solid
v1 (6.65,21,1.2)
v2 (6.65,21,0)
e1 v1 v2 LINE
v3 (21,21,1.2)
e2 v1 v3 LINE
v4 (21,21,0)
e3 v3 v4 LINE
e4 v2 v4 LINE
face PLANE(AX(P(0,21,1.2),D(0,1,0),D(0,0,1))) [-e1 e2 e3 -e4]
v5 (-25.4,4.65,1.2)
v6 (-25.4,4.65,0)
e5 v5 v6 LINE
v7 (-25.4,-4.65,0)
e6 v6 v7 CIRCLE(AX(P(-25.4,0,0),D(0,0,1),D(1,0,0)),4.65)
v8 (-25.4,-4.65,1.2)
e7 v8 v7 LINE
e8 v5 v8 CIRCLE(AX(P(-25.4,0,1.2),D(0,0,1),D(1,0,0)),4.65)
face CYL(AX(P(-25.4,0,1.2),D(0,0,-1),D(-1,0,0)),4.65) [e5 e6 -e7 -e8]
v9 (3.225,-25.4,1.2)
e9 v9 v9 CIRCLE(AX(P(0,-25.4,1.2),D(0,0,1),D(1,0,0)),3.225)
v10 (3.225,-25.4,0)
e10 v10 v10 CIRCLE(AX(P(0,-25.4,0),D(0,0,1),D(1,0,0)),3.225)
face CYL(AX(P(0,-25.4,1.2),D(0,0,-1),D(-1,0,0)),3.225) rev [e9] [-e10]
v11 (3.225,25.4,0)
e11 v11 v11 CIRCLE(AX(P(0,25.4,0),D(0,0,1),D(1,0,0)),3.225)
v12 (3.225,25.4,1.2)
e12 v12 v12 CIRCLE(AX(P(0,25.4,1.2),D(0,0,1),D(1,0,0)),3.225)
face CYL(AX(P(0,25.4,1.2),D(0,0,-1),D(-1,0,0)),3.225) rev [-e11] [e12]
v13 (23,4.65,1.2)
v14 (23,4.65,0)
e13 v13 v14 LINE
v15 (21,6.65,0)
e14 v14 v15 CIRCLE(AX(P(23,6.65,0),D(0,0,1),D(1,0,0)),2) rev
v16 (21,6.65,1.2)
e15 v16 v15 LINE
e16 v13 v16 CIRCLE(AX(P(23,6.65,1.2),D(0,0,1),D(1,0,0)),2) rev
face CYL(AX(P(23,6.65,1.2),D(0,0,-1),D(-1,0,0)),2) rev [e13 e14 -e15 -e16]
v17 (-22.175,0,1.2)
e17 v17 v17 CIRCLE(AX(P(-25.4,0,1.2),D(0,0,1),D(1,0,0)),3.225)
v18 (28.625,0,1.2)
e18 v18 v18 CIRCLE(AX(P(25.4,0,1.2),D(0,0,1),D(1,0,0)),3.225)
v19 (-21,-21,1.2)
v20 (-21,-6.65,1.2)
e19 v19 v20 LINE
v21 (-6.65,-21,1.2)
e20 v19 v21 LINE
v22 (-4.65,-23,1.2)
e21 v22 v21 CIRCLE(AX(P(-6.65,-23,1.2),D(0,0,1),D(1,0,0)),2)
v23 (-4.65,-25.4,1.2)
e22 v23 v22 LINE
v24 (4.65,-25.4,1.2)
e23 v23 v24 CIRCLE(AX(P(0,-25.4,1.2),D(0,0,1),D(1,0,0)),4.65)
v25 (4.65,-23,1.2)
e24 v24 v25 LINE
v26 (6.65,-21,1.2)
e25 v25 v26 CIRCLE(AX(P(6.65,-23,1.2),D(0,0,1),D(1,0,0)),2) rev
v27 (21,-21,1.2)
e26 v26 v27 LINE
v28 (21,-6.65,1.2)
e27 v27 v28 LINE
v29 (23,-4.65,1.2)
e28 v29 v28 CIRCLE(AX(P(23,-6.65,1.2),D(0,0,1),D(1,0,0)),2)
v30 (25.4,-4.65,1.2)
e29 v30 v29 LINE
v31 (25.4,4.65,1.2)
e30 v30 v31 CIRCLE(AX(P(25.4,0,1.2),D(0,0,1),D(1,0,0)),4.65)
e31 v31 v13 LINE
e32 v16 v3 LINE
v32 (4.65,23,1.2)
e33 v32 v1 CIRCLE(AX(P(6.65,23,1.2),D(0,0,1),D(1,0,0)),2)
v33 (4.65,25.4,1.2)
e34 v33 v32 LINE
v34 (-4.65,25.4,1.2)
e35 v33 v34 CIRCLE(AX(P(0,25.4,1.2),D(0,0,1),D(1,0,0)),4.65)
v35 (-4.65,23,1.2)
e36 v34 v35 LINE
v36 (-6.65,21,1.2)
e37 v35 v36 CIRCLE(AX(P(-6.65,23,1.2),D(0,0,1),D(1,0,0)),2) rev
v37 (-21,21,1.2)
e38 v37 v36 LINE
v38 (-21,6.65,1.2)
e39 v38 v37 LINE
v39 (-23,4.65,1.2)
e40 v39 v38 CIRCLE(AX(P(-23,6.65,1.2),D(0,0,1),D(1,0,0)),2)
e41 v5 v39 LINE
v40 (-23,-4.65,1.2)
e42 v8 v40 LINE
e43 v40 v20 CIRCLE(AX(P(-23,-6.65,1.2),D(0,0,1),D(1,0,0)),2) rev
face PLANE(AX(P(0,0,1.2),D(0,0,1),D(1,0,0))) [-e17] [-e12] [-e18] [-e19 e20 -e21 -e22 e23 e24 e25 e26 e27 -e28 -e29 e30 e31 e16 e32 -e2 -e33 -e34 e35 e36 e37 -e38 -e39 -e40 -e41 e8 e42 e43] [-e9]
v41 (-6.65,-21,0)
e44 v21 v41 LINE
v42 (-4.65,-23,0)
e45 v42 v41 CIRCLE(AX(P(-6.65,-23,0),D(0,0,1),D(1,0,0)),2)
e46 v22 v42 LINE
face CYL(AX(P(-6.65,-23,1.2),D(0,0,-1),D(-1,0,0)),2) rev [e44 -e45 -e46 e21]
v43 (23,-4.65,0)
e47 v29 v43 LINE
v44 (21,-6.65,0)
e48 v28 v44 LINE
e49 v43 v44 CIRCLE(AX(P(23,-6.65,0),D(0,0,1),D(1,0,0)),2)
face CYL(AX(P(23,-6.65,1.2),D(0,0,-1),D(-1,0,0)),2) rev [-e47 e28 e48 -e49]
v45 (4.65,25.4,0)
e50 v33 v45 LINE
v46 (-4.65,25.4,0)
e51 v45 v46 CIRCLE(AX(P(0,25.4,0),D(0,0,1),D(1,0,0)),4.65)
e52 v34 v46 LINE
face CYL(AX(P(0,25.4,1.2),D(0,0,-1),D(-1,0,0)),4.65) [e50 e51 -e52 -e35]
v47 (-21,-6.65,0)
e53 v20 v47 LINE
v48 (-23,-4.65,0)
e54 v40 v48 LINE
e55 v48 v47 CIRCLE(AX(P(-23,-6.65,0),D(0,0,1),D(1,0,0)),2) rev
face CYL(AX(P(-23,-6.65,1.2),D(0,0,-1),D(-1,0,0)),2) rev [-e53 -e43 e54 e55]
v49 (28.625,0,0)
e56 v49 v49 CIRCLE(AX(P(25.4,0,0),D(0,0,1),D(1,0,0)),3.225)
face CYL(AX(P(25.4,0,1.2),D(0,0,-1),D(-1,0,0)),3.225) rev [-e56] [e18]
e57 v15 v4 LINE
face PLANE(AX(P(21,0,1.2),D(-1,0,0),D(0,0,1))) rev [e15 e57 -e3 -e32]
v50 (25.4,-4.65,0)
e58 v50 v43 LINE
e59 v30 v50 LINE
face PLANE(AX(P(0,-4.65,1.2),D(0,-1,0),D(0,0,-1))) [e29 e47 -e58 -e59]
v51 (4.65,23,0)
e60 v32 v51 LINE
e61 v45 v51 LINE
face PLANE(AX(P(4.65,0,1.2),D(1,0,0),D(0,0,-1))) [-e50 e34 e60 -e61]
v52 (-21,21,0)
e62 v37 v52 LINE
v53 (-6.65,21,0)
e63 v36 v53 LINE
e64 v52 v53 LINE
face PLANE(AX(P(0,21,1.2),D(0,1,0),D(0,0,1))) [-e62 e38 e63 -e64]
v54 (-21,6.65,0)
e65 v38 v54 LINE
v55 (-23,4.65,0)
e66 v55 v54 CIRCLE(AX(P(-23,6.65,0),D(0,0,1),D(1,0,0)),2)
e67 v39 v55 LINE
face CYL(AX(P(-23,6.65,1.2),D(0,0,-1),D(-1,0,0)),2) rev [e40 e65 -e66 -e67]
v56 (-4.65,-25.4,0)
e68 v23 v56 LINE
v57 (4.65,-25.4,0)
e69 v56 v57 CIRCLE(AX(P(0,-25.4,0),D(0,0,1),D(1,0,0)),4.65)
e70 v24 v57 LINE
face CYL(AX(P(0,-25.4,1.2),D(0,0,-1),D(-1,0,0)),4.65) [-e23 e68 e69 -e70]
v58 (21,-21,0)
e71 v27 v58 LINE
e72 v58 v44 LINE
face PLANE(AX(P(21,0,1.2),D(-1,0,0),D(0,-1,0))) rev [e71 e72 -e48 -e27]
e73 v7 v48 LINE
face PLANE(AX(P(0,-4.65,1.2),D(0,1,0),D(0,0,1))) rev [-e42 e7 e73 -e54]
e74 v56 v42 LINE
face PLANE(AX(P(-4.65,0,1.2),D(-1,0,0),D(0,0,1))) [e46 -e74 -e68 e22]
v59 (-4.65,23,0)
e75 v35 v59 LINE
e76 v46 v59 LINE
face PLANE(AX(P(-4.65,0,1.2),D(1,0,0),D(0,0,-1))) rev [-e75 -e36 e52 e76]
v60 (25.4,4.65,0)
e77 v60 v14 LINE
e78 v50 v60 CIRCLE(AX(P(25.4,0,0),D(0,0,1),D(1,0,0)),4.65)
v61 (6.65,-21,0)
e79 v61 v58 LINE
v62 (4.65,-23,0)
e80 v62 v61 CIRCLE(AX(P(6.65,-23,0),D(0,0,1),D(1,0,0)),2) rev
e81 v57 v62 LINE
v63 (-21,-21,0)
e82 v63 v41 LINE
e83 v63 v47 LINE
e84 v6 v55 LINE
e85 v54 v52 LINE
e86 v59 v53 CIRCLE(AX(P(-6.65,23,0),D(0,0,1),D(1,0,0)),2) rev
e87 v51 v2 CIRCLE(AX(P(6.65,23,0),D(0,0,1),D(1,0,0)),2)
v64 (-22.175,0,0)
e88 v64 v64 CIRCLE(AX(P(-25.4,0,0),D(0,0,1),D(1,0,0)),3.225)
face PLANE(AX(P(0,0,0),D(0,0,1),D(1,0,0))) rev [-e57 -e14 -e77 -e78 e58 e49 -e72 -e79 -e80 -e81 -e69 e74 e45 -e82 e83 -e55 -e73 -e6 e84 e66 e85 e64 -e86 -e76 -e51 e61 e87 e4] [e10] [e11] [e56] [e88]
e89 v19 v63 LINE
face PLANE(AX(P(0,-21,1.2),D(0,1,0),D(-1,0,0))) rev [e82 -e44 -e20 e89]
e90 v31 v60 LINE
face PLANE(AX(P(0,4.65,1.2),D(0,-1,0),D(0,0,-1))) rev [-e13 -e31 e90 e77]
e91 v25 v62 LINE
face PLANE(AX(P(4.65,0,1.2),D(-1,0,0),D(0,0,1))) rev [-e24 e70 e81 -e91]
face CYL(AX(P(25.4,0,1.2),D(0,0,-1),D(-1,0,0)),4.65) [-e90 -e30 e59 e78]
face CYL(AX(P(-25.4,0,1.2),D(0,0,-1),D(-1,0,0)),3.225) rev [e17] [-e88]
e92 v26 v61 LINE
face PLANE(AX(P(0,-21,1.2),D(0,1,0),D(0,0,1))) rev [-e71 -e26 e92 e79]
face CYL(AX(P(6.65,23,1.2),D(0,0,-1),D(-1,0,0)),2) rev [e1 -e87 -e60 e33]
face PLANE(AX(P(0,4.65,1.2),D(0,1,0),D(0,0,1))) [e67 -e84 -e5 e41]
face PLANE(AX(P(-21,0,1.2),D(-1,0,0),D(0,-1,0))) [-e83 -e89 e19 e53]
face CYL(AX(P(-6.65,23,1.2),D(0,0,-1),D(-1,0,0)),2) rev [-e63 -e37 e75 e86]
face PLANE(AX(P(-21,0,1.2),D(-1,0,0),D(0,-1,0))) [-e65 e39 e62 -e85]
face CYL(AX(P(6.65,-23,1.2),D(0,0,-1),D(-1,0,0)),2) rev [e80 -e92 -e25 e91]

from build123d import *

# Parameters (mm, degrees)
SKETCH1_R           = 3.225
BOSS_EXTRUDE1_DEPTH = 1.2


with BuildPart() as part:
    # Sketch1 → Boss-Extrude1 (new body)
    with BuildSketch(Plane.XY):
        with BuildLine():
            ThreePointArc((4.65, 25.4), (0, 30.05), (-4.65, 25.4))
            Line((-4.65, 25.4), (-4.65, 23))
            ThreePointArc((-4.65, 23), (-5.235786438, 21.585786438), (-6.65, 21))
            Line((-6.65, 21), (-8.759132098, 21))
            Line((-8.759132098, 21), (-21, 21))
            Line((-21, 21), (-21, 7.133487824))
            Line((-21, 7.133487824), (-21, 6.65))
            ThreePointArc((-21, 6.65), (-21.585786438, 5.235786438), (-23, 4.65))
            Line((-23, 4.65), (-25.4, 4.65))
            ThreePointArc((-25.4, 4.65), (-30.05, 0), (-25.4, -4.65))
            Line((-25.4, -4.65), (-23, -4.65))
            ThreePointArc((-23, -4.65), (-21.585786438, -5.235786438), (-21, -6.65))
            Line((-21, -6.65), (-21, -8.759132098))
            Line((-21, -8.759132098), (-21, -21))
            Line((-21, -21), (-7.133487824, -21))
            Line((-7.133487824, -21), (-6.65, -21))
            ThreePointArc((-6.65, -21), (-5.235786438, -21.585786438), (-4.65, -23))
            Line((-4.65, -23), (-4.65, -25.4))
            ThreePointArc((-4.65, -25.4), (0, -30.05), (4.65, -25.4))
            Line((4.65, -25.4), (4.65, -23))
            ThreePointArc((4.65, -23), (5.235786438, -21.585786438), (6.65, -21))
            Line((6.65, -21), (8.759132098, -21))
            Line((8.759132098, -21), (21, -21))
            Line((21, -21), (21, -7.133487824))
            Line((21, -7.133487824), (21, -6.65))
            ThreePointArc((21, -6.65), (21.585786438, -5.235786438), (23, -4.65))
            Line((23, -4.65), (25.4, -4.65))
            ThreePointArc((25.4, -4.65), (30.05, 0), (25.4, 4.65))
            Line((25.4, 4.65), (23, 4.65))
            ThreePointArc((23, 4.65), (21.585786438, 5.235786438), (21, 6.65))
            Line((21, 6.65), (21, 8.759132098))
            Line((21, 8.759132098), (21, 21))
            Line((21, 21), (7.133487824, 21))
            Line((7.133487824, 21), (6.65, 21))
            ThreePointArc((6.65, 21), (5.235786438, 21.585786438), (4.65, 23))
            Line((4.65, 23), (4.65, 25.4))
        make_face()
        with Locations((0, -25.4)):
            Circle(SKETCH1_R, mode=Mode.SUBTRACT)
        with Locations((25.4, 0)):
            Circle(SKETCH1_R, mode=Mode.SUBTRACT)
        with Locations((-25.4, 0)):
            Circle(SKETCH1_R, mode=Mode.SUBTRACT)
        with Locations((0, 25.4)):
            Circle(SKETCH1_R, mode=Mode.SUBTRACT)
    extrude(amount=BOSS_EXTRUDE1_DEPTH)


solid = part.part
